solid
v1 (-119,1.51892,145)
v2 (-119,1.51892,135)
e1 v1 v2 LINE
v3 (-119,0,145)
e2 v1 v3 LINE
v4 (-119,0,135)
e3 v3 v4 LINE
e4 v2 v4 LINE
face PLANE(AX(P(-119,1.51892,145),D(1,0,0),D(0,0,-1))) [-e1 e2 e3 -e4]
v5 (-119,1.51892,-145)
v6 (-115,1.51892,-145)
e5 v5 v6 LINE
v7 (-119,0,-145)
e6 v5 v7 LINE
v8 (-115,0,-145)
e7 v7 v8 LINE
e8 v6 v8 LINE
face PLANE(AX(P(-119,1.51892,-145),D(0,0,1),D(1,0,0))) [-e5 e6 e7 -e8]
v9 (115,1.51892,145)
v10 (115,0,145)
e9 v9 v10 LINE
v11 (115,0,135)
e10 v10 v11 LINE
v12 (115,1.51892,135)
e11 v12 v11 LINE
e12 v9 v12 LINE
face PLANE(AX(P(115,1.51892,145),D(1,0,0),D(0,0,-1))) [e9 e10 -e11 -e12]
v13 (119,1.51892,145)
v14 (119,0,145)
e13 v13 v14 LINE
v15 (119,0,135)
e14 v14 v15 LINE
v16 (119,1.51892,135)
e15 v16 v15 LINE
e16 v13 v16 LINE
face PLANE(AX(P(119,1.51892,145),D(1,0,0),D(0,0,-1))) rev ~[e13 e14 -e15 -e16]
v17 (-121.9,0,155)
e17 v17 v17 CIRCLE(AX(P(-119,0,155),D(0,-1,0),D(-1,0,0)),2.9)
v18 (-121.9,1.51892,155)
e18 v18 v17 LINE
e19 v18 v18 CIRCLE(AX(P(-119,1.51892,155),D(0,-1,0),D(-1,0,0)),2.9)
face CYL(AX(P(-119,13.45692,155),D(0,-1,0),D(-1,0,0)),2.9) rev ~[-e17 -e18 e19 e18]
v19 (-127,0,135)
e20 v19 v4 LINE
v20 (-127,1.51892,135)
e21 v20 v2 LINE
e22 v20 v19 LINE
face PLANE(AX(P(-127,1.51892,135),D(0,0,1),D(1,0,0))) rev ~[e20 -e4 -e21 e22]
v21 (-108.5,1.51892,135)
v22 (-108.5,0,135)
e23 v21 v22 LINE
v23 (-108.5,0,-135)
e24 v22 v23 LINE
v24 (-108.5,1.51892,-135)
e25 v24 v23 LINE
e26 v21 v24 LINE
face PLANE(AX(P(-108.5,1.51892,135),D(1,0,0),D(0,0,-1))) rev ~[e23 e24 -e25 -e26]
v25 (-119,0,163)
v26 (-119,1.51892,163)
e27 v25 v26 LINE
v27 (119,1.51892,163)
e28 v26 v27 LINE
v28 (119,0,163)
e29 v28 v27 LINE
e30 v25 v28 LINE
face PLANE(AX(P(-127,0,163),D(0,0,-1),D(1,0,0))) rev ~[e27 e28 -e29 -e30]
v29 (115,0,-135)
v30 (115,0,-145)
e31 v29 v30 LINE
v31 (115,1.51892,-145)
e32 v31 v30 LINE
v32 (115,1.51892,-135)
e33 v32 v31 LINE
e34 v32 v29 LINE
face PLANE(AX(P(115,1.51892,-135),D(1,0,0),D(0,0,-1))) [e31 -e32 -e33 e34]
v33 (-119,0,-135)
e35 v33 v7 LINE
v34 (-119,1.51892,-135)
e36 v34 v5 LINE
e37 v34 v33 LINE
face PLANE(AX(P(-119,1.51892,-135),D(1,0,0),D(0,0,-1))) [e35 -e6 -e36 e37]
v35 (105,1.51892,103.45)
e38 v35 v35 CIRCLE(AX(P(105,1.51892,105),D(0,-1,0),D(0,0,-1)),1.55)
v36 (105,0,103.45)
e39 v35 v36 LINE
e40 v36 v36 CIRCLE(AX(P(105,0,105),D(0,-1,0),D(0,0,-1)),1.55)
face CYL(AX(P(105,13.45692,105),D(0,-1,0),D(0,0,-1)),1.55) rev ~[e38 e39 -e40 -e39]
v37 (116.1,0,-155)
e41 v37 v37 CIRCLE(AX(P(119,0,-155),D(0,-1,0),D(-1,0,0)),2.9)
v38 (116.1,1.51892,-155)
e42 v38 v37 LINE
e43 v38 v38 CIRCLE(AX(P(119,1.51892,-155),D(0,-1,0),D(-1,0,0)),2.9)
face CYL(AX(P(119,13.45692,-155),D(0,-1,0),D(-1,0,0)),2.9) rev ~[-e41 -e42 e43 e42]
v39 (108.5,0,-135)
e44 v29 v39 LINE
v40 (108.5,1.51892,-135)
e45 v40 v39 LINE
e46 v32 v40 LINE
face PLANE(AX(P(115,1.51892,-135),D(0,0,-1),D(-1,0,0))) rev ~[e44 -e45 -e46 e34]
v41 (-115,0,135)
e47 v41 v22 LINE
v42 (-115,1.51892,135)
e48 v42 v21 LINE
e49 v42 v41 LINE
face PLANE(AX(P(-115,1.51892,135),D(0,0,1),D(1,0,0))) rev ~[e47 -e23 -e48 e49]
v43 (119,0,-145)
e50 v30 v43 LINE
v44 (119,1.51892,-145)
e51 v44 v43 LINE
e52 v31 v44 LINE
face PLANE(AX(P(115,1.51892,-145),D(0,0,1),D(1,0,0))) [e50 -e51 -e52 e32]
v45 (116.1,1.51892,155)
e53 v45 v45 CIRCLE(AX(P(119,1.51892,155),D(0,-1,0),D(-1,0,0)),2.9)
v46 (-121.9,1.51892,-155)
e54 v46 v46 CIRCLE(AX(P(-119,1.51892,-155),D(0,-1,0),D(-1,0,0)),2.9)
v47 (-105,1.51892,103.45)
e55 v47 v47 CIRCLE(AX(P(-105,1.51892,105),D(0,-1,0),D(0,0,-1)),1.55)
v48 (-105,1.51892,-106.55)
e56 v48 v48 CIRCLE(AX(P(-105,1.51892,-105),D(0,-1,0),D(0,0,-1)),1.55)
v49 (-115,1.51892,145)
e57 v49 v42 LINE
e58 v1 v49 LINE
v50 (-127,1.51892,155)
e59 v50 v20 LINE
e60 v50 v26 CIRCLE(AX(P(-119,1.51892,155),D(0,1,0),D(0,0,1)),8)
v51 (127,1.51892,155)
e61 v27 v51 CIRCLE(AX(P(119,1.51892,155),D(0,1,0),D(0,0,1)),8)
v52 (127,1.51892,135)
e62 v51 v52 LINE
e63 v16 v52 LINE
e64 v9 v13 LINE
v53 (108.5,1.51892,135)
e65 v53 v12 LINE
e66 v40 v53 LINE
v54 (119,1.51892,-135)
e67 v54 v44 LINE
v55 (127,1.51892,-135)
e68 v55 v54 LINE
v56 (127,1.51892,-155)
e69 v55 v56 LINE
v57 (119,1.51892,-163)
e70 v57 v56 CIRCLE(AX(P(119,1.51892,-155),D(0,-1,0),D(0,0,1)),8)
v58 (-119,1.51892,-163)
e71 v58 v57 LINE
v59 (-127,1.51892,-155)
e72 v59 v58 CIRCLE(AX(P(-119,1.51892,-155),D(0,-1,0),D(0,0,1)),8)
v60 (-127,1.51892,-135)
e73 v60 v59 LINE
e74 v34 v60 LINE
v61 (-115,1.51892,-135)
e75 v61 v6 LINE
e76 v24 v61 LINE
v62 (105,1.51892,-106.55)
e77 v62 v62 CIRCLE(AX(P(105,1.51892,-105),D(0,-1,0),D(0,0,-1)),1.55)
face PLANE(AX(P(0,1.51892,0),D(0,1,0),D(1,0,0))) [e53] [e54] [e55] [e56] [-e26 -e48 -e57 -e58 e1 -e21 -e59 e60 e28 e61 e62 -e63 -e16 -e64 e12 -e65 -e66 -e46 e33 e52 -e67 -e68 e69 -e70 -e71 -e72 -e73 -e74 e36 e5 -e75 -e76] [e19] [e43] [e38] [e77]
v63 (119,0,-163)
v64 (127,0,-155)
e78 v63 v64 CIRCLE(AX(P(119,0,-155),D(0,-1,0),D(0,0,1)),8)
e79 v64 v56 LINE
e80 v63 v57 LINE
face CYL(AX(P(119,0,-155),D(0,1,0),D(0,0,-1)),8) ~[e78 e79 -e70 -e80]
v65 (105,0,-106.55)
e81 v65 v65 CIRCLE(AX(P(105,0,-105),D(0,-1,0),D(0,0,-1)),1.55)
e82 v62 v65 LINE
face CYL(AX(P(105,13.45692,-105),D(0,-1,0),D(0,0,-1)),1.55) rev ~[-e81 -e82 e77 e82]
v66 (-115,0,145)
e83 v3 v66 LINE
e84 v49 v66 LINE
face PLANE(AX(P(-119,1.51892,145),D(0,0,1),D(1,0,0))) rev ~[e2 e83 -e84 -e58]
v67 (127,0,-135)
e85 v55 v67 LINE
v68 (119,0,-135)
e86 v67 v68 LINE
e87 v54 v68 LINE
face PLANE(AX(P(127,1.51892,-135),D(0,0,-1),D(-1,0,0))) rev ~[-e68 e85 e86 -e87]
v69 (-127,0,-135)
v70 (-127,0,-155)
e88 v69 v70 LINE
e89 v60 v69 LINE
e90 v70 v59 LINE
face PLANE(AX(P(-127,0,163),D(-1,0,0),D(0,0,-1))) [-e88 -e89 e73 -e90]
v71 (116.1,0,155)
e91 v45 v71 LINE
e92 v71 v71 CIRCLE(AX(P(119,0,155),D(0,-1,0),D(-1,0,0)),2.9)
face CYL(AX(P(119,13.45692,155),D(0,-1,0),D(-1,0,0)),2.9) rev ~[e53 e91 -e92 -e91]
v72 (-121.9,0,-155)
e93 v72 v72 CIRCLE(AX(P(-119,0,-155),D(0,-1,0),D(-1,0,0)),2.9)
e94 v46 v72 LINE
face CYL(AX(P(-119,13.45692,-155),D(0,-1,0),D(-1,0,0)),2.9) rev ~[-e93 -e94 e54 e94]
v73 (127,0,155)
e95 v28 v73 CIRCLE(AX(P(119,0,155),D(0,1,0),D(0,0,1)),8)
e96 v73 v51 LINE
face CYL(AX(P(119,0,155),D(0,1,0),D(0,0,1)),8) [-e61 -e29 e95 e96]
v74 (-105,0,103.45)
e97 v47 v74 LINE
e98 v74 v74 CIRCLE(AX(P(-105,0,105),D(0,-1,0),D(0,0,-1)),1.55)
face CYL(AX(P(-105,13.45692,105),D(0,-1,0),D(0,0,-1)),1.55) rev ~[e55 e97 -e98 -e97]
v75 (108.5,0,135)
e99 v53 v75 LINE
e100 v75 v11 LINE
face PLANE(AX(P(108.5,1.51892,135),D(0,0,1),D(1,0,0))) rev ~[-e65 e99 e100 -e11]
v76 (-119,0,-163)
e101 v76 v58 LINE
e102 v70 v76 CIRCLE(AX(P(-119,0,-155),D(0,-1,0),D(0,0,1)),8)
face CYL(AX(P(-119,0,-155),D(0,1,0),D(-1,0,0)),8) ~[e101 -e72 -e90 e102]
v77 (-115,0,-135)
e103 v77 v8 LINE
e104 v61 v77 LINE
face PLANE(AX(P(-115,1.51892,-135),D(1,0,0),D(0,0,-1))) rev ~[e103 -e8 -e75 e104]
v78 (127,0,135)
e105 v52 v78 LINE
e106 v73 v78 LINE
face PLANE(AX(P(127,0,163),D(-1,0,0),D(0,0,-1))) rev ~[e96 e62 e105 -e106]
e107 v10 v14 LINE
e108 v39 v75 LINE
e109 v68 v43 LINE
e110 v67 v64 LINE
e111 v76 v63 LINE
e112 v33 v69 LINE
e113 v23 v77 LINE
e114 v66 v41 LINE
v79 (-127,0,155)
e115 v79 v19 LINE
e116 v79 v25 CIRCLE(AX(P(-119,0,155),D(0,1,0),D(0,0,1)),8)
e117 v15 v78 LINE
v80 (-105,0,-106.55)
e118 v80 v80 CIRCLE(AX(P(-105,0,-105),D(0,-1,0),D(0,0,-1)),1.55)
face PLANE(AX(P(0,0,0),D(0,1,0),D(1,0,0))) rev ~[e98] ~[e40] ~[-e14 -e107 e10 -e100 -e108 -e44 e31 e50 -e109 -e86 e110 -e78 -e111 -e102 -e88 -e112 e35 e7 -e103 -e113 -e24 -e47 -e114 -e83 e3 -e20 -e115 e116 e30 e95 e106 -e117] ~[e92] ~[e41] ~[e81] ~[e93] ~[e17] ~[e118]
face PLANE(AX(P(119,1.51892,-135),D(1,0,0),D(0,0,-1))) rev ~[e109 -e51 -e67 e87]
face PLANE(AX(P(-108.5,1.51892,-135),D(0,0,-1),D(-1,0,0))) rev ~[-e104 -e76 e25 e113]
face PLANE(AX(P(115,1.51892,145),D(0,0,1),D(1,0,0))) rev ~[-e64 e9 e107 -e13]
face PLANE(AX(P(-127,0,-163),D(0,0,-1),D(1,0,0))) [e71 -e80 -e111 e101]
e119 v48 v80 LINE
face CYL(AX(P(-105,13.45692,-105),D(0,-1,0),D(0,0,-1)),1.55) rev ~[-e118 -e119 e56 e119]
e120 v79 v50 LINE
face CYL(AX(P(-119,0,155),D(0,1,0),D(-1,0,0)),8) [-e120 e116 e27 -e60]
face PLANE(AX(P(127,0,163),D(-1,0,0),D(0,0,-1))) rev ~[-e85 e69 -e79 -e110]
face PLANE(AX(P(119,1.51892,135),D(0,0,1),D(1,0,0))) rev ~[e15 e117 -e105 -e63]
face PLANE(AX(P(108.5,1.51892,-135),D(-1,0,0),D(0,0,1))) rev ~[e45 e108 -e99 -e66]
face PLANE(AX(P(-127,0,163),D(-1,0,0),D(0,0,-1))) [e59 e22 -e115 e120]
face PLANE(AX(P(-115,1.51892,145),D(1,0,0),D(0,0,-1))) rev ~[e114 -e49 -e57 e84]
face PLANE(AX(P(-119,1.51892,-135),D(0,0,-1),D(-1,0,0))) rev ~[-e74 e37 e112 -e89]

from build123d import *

# Parameters (mm, degrees)
SKETCH1_W                  = 254
SKETCH1_H                  = 326
BOSS_EXTRUDE1_DEPTH        = 1.51892
M2_5_CLEARANCE_HOLE1_D     = 3.1
M2_5_CLEARANCE_HOLE1_DEPTH = 11.938
M2_5_CLEARANCE_HOLE1_TIP   = 0.931333959
M5_CLEARANCE_HOLE1_D       = 5.8
M5_CLEARANCE_HOLE1_DEPTH   = 11.938
M5_CLEARANCE_HOLE1_TIP     = 1.742495795
FILLET1_R                  = 8
SKETCH6_W                  = 4
SKETCH6_H                  = 10
CUT_EXTRUDE1_DEPTH         = 10


with BuildPart() as part:
    # Sketch1 → Boss-Extrude1 (new body)
    with BuildSketch(Plane(origin=(0, 0, 0), x_dir=(1, 0, 0), z_dir=(0, 1, 0))):
        Rectangle(SKETCH1_W, SKETCH1_H)
    extrude(amount=BOSS_EXTRUDE1_DEPTH)

    # M2.5 Clearance Hole1
    with Locations(Plane(origin=(-105, 1.51892, 105), x_dir=(0, 0, 1), z_dir=(0, 1, 0))):
        with Locations((0, 0), (-210, 0), (-210, 210), (0, 210)):
            Hole(M2_5_CLEARANCE_HOLE1_D / 2, depth=M2_5_CLEARANCE_HOLE1_DEPTH)
            with Locations((0, 0, -(M2_5_CLEARANCE_HOLE1_DEPTH + M2_5_CLEARANCE_HOLE1_TIP / 2))):  # 118° drill point
                Cone(0, M2_5_CLEARANCE_HOLE1_D / 2, M2_5_CLEARANCE_HOLE1_TIP, mode=Mode.SUBTRACT)

    # M5 Clearance Hole1
    with Locations(Plane(origin=(0, 1.51892, 0), x_dir=(1, 0, 0), z_dir=(0, 1, 0))):
        with Locations((-119, 155), (119, 155), (119, -155), (-119, -155)):
            Hole(M5_CLEARANCE_HOLE1_D / 2, depth=M5_CLEARANCE_HOLE1_DEPTH)
            with Locations((0, 0, -(M5_CLEARANCE_HOLE1_DEPTH + M5_CLEARANCE_HOLE1_TIP / 2))):  # 118° drill point
                Cone(0, M5_CLEARANCE_HOLE1_D / 2, M5_CLEARANCE_HOLE1_TIP, mode=Mode.SUBTRACT)

    # Fillet1
    fillet1_edges = [part.edges().sort_by_distance(p)[0] for p in [
        (-127, 0.75946, -163),
        (127, 0.75946, -163),
        (127, 0.75946, 163),
        (-127, 0.75946, 163),
    ]]
    fillet(fillet1_edges, radius=FILLET1_R)

    # Sketch6 → Cut-Extrude1 (cut)
    with BuildSketch(Plane(origin=(0, 1.51892, 0), x_dir=(1, 0, 0), z_dir=(0, 1, 0))):
        Polygon((127, -135), (127, 135), (119, 135), (115, 135), (108.5, 135), (108.5, -135), (115, -135), (119, -135), align=None)
        with Locations((117, -140)):
            Rectangle(SKETCH6_W, SKETCH6_H)
        with Locations((117, 140)):
            Rectangle(SKETCH6_W, SKETCH6_H)
        Polygon((-119, -135), (-115, -135), (-108.5, -135), (-108.5, 135), (-115, 135), (-119, 135), (-127, 135), (-127, -135), align=None)
        with Locations((-117, -140)):
            Rectangle(SKETCH6_W, SKETCH6_H)
        with Locations((-117, 140)):
            Rectangle(SKETCH6_W, SKETCH6_H)
    extrude(amount=-CUT_EXTRUDE1_DEPTH, mode=Mode.SUBTRACT)


solid = part.part
